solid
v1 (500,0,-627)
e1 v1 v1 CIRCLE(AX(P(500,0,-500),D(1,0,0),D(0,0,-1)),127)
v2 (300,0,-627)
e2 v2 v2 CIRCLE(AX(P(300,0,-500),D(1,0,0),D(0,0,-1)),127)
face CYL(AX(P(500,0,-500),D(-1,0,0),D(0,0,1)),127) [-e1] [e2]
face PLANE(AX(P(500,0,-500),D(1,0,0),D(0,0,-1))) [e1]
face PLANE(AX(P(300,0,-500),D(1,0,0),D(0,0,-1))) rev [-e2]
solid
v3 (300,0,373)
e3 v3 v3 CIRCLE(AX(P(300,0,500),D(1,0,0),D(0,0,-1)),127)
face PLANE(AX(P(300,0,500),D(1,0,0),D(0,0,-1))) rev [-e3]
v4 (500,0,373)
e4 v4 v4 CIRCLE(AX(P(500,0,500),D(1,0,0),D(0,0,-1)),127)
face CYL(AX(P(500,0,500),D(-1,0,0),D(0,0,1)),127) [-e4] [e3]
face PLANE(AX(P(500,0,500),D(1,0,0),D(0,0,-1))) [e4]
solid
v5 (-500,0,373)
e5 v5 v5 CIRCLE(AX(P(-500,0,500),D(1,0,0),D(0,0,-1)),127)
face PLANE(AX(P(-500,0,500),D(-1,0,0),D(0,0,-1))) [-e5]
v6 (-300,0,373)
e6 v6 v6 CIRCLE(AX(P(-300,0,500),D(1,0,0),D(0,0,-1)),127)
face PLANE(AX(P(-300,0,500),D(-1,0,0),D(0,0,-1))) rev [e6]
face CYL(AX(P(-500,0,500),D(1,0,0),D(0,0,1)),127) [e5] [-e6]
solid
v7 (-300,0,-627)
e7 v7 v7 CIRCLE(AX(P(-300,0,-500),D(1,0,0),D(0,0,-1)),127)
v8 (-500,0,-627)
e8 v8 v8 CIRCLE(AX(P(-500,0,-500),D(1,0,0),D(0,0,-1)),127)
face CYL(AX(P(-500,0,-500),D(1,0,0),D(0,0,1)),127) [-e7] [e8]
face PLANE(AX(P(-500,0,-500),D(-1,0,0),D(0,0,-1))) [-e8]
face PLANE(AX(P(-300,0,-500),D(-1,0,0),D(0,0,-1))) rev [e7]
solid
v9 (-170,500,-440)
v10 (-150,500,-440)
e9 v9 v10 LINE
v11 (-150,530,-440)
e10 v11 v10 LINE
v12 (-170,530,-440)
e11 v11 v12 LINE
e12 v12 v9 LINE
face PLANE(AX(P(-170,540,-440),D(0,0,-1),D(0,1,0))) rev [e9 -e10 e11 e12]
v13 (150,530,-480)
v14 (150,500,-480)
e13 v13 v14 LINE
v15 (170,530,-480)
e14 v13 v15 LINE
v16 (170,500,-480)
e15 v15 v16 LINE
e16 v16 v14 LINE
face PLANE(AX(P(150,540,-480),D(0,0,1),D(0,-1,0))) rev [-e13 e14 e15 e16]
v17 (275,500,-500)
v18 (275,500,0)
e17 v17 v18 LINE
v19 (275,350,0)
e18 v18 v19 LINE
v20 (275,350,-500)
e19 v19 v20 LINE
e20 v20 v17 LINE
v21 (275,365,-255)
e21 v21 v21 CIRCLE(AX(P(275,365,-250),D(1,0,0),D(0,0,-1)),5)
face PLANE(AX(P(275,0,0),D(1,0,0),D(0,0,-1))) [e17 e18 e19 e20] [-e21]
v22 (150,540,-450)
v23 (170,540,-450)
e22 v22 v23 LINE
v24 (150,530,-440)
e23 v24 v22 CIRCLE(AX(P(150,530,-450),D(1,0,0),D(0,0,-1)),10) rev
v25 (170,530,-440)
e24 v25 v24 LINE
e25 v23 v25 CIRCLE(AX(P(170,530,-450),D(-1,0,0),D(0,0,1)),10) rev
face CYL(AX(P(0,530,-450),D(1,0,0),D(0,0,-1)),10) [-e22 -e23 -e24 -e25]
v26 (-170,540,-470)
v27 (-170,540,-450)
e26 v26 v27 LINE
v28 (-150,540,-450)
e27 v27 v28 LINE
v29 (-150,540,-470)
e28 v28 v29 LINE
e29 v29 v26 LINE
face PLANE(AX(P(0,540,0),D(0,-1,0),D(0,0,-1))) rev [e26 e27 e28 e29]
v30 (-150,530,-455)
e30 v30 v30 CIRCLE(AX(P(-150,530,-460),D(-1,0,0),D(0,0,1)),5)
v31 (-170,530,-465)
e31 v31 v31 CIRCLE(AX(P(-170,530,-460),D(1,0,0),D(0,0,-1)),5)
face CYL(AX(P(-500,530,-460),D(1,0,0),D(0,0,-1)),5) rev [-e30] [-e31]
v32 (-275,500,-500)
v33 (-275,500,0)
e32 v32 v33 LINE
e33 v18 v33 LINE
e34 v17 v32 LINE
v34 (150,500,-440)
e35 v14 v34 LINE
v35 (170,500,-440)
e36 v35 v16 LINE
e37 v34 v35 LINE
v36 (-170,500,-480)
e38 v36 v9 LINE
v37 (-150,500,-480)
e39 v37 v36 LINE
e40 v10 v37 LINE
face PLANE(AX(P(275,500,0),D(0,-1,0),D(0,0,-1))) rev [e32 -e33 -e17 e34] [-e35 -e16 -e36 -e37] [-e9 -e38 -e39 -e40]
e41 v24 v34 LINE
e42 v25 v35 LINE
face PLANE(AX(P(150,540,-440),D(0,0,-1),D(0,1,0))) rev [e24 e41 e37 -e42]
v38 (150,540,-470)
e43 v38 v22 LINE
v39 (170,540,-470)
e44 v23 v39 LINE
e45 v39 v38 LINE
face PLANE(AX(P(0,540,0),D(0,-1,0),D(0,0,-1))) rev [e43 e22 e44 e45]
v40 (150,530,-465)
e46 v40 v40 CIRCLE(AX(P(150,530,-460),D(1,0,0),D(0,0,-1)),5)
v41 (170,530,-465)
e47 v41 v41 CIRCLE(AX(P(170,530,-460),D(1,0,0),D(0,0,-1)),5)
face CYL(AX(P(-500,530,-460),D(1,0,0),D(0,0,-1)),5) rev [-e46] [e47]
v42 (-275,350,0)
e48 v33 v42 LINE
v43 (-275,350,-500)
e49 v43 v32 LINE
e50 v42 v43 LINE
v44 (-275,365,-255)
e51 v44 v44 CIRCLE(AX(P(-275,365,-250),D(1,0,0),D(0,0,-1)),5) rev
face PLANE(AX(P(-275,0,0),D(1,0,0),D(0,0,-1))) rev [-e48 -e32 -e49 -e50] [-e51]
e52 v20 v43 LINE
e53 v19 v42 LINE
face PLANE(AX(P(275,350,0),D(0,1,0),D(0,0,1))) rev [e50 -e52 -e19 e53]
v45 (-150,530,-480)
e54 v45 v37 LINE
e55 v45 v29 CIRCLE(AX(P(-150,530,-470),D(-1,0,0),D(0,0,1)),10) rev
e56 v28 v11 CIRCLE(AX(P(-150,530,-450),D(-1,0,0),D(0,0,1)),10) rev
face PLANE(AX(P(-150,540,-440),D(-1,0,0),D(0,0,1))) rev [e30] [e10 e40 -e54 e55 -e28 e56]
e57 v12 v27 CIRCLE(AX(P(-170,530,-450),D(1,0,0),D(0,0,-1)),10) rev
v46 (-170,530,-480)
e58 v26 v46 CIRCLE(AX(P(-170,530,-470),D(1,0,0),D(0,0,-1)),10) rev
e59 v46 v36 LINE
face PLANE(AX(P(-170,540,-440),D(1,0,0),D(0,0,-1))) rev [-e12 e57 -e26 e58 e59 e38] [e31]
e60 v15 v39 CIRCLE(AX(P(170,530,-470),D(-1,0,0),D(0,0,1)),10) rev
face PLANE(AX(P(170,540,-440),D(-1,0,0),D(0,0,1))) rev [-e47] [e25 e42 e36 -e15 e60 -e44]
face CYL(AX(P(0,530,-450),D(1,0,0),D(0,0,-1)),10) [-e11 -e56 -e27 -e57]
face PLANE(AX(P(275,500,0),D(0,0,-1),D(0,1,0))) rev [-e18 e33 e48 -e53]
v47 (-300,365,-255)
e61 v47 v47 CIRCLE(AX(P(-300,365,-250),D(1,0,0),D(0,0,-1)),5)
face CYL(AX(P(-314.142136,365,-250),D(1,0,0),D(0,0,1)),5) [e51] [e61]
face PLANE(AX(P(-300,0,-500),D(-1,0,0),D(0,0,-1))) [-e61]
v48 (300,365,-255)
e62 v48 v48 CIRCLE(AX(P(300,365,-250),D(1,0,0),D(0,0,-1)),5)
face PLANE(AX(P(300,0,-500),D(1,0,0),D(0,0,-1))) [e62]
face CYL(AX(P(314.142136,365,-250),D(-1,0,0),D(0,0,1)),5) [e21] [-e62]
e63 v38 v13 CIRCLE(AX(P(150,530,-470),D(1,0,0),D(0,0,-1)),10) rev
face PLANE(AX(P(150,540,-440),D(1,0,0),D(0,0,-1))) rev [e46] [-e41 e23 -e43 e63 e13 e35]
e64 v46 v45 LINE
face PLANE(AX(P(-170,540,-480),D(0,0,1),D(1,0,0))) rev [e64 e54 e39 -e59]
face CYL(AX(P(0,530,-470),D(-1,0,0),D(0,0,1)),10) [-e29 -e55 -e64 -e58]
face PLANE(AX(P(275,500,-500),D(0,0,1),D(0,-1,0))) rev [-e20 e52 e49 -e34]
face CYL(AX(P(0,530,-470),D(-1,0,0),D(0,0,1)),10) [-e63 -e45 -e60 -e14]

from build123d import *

# Parameters (mm, degrees)
SKETCH2_R             = 127
BOSS_EXTRUDE1_DEPTH   = 200
BOSS_EXTRUDE1_2_DEPTH = 200
SKETCH3_W             = 500
SKETCH3_H             = 150
BOSS_EXTRUDE2_DEPTH   = 275
SKETCH4_R             = 5
BOSS_EXTRUDE3_DEPTH   = 25
SKETCH6_W             = 20
SKETCH6_H             = 40
BOSS_EXTRUDE4_DEPTH   = 40
FILLET1_R             = 10
SKETCH7_R             = 5
CUT_EXTRUDE1_DEPTH    = 671


with BuildPart() as part:
    # Sketch2 → Boss-Extrude1 (new body)
    with BuildSketch(Plane(origin=(300, 0, 0), x_dir=(0, 0, -1), z_dir=(1, 0, 0))):
        with Locations((-500, 0)):
            Circle(SKETCH2_R)
    extrude(amount=BOSS_EXTRUDE1_DEPTH)


with BuildPart() as body_2:
    # Sketch2 → Boss-Extrude1 2 (new body)
    with BuildSketch(Plane(origin=(300, 0, 0), x_dir=(0, 0, -1), z_dir=(1, 0, 0))):
        with Locations((500, 0)):
            Circle(SKETCH2_R)
    extrude(amount=BOSS_EXTRUDE1_2_DEPTH)


with BuildPart() as body_3:
    # Mirror4: mirrored copy
    add(part.part.mirror(Plane(origin=(0, 0, 0), x_dir=(0, 0, 1), z_dir=(1, 0, 0))))


with BuildPart() as body_4:
    # Mirror4 2: mirrored copy
    add(body_2.part.mirror(Plane(origin=(0, 0, 0), x_dir=(0, 0, 1), z_dir=(1, 0, 0))))


with BuildPart() as body_5:
    # Sketch3 → Boss-Extrude2 (new body, symmetric)
    with BuildSketch(Plane(origin=(0, 0, 0), x_dir=(0, 0, -1), z_dir=(1, 0, 0))):
        with Locations((250, 425)):
            Rectangle(SKETCH3_W, SKETCH3_H)
    extrude(amount=BOSS_EXTRUDE2_DEPTH, both=True)

    # Sketch4 → Boss-Extrude3 (add)
    with BuildSketch(Plane(origin=(275, 0, 0), x_dir=(0, 0, -1), z_dir=(1, 0, 0))):
        with Locations((250, 365)):
            Circle(SKETCH4_R)
    boss_extrude3 = extrude(amount=BOSS_EXTRUDE3_DEPTH)

    # Mirror6: Boss-Extrude3 across plane
    add(boss_extrude3.mirror(Plane(origin=(0, 0, 0), x_dir=(0, 0, 1), z_dir=(1, 0, 0))))

    # Sketch6 → Boss-Extrude4 (add)
    with BuildSketch(Plane(origin=(0, 500, 0), x_dir=(1, 0, 0), z_dir=(0, 1, 0))):
        with Locations((-160, 460)):
            Rectangle(SKETCH6_W, SKETCH6_H)
        with Locations((160, 460)):
            Rectangle(SKETCH6_W, SKETCH6_H)
    extrude(amount=BOSS_EXTRUDE4_DEPTH)

    # Fillet1
    fillet1_edges = [body_5.edges().sort_by_distance(p)[0] for p in [
        (-160, 540, -440),
        (-160, 540, -480),
        (160, 540, -440),
        (160, 540, -480),
    ]]
    fillet(fillet1_edges, radius=FILLET1_R)

    # Sketch7 → Cut-Extrude1 (cut, through all)
    with BuildSketch(Plane(origin=(170, 0, 0), x_dir=(0, 0, -1), z_dir=(1, 0, 0))):
        with Locations((460, 530)):
            Circle(SKETCH7_R)
    extrude(amount=-CUT_EXTRUDE1_DEPTH, mode=Mode.SUBTRACT)


solid = Compound([part.part, body_2.part, body_3.part, body_4.part, body_5.part])
